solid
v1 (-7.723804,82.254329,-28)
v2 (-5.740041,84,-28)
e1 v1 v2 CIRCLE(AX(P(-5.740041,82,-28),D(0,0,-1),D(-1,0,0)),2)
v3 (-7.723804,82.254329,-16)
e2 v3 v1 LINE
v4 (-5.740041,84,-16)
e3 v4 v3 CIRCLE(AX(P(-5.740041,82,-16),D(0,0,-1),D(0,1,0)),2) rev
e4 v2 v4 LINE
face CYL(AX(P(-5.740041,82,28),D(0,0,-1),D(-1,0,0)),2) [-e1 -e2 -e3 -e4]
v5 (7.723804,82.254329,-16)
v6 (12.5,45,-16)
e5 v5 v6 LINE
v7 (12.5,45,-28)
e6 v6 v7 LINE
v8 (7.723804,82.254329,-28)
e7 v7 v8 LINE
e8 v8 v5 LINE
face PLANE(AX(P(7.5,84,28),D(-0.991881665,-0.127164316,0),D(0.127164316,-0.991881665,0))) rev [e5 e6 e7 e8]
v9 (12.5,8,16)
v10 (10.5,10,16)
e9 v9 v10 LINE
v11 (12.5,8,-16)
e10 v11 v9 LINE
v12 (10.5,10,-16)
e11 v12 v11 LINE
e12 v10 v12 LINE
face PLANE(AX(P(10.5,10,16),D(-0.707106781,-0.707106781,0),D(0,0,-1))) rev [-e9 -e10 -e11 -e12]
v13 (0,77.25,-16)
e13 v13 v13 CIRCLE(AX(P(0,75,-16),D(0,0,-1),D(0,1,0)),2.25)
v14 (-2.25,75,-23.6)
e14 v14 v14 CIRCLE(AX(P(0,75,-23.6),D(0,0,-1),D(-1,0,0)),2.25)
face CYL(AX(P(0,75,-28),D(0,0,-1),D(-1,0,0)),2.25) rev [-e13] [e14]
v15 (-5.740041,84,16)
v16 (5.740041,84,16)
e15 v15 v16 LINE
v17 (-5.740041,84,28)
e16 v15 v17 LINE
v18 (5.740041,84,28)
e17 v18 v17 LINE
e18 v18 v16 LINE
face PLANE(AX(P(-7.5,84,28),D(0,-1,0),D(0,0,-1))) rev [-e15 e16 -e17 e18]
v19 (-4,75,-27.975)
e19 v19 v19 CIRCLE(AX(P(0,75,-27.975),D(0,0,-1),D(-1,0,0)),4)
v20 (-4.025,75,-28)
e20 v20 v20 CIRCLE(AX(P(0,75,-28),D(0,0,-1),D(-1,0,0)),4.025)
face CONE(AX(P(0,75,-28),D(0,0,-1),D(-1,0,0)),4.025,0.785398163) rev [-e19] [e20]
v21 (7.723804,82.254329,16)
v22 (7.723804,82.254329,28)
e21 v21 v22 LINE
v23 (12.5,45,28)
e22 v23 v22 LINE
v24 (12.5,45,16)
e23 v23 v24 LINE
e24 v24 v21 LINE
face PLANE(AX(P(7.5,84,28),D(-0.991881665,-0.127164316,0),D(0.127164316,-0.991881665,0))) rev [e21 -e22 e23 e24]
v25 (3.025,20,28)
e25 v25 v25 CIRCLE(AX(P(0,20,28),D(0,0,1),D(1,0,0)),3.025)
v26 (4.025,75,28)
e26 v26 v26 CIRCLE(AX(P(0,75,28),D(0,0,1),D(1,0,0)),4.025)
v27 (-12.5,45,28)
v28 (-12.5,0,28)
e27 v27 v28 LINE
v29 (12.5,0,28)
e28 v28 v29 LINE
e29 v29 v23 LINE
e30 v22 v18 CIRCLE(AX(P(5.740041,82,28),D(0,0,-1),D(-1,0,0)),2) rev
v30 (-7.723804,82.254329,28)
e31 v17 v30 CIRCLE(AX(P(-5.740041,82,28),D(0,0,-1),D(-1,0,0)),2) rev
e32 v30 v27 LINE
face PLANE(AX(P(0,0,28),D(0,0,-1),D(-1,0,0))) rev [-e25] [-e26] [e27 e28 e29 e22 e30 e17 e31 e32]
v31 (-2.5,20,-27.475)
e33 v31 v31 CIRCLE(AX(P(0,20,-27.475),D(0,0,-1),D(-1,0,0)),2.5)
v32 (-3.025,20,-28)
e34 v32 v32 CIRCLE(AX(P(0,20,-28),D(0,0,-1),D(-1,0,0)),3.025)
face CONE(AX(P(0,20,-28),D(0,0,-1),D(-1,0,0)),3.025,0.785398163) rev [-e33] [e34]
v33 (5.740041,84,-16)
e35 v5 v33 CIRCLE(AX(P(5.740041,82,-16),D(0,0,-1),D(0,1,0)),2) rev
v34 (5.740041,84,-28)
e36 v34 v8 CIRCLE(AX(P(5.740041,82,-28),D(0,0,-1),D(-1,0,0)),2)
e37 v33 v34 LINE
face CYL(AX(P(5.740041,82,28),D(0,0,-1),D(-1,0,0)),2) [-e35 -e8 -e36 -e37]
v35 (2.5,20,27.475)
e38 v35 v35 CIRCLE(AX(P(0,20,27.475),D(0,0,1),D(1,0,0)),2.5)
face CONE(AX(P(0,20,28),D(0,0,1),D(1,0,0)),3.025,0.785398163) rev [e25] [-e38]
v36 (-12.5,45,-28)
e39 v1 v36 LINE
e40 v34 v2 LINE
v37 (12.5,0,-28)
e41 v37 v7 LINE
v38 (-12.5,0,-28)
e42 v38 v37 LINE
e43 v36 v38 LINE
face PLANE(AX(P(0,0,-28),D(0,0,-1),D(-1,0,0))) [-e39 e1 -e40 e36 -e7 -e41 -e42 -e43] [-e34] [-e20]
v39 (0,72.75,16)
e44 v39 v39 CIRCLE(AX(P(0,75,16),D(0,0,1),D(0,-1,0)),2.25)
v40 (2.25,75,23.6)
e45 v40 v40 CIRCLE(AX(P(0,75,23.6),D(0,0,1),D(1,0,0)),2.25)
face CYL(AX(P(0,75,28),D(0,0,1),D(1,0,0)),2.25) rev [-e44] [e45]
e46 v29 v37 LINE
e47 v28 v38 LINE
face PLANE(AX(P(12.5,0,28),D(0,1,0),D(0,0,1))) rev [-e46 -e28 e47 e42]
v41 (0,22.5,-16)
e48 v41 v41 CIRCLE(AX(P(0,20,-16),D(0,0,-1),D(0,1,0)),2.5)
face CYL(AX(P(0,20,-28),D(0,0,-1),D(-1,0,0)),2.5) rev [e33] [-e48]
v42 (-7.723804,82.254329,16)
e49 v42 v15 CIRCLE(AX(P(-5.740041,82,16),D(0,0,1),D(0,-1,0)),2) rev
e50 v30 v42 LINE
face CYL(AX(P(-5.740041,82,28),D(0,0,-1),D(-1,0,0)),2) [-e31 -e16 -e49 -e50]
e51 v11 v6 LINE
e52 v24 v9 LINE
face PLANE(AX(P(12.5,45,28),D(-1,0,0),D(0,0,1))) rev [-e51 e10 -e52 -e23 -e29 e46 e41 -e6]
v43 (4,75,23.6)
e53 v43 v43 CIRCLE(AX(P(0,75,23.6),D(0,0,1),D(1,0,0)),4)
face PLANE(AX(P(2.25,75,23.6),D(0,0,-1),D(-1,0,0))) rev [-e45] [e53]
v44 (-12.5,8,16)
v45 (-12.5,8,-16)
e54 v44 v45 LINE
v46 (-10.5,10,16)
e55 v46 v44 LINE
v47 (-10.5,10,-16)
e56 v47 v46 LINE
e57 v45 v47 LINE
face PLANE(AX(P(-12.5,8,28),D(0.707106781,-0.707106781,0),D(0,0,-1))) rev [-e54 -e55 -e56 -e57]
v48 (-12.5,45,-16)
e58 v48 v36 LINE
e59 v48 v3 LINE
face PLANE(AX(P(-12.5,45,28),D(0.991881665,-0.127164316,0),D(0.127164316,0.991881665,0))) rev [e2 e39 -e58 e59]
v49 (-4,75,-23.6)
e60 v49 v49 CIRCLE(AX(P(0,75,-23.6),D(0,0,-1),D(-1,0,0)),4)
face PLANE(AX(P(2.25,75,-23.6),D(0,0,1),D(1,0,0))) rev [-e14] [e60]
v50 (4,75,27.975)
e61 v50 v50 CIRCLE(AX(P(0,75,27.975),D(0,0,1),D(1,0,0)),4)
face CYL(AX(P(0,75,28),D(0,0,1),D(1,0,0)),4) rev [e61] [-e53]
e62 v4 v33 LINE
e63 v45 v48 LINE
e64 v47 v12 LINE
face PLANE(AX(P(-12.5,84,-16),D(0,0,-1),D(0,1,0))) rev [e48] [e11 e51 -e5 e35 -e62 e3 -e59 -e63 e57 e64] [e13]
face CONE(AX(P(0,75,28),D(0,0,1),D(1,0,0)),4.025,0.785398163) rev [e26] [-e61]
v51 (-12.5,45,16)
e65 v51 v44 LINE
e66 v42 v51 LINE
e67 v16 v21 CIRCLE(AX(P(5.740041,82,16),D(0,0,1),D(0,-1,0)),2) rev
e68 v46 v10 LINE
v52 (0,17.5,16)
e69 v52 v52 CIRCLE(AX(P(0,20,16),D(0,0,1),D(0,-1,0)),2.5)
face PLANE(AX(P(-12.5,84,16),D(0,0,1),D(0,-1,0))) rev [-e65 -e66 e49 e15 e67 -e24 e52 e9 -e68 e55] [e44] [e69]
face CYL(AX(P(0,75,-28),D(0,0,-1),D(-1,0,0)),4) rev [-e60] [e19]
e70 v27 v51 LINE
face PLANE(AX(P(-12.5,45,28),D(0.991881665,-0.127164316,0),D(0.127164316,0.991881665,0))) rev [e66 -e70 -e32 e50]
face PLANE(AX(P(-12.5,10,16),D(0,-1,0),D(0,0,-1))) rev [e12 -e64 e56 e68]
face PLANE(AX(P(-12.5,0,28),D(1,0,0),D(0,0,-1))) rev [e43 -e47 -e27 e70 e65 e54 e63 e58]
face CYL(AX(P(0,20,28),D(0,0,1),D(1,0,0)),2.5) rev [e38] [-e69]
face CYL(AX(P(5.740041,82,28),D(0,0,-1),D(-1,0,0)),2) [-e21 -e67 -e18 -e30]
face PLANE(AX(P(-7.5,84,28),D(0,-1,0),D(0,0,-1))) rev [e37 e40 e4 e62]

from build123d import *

# Parameters (mm, degrees)
BOSS_EXTRUDE1_DEPTH = 28
SKETCH2_W           = 32
SKETCH2_H           = 74
CUT_EXTRUDE1_DEPTH  = 93.005434622
CHAMFER1_SIZE       = 2
FILLET1_R           = 2


with BuildPart() as part:
    # Sketch1 → Boss-Extrude1 (new, symmetric)
    with BuildSketch(Plane.XY):
        Polygon((12.5, 0), (-12.5, 0), (-12.5, 45), (-7.5, 84), (7.5, 84), (12.5, 45), align=None)
    extrude(amount=BOSS_EXTRUDE1_DEPTH, both=True)

    # Sketch2 → Cut-Extrude1 (cut, through all)
    with BuildSketch(Plane(origin=(12.5, 0, 0), x_dir=(0, 0, -1), z_dir=(1, 0, 0))):
        with Locations((0, 47)):
            Rectangle(SKETCH2_W, SKETCH2_H)
    extrude(amount=-CUT_EXTRUDE1_DEPTH, mode=Mode.SUBTRACT)

    # Sketch7 → CBORE for M4 Hex Socket Head Cap Screw1 (revolve, cut)
    with BuildSketch(Plane(origin=(0, 75, 28), x_dir=(0, -1, 0), z_dir=(1, 0, 0))):
        Polygon((0, 0), (0, 21.351936393), (2.25, 20), (2.25, 4.4), (4, 4.4), (4, 0.025), (4.025, 0), align=None)
    cbore_for_m4_hex_socket_head_cap_screw1 = revolve(axis=Axis((0, 75, 34.35), (0, 0, -1)), mode=Mode.SUBTRACT)

    # Mirror1: CBORE for M4 Hex Socket Head Cap Screw1 across plane
    add(cbore_for_m4_hex_socket_head_cap_screw1.mirror(Plane.XY), mode=Mode.SUBTRACT)

    # Sketch9 → M6 Tapped Hole1 (revolve, cut)
    with BuildSketch(Plane(origin=(0, 20, 28), x_dir=(0, -1, 0), z_dir=(1, 0, 0))):
        Polygon((0, 0), (0, 28.502151548), (2.5, 27), (2.5, 0.525), (3.025, 0), align=None)
    m6_tapped_hole1 = revolve(axis=Axis((0, 20, 34.35), (0, 0, -1)), mode=Mode.SUBTRACT)

    # Chamfer1
    chamfer1_edges = [part.edges().sort_by_distance(p)[0] for p in [
        (12.5, 10, 0),
        (-12.5, 10, 0),
    ]]
    chamfer(chamfer1_edges, length=CHAMFER1_SIZE)

    # Fillet1
    fillet1_edges = [part.edges().sort_by_distance(p)[0] for p in [
        (-7.5, 84, 22),
        (7.5, 84, 22),
        (-7.5, 84, -22),
        (7.5, 84, -22),
    ]]
    fillet(fillet1_edges, radius=FILLET1_R)

    # Mirror2: M6 Tapped Hole1 across plane
    add(m6_tapped_hole1.mirror(Plane.XY), mode=Mode.SUBTRACT)


solid = part.part
